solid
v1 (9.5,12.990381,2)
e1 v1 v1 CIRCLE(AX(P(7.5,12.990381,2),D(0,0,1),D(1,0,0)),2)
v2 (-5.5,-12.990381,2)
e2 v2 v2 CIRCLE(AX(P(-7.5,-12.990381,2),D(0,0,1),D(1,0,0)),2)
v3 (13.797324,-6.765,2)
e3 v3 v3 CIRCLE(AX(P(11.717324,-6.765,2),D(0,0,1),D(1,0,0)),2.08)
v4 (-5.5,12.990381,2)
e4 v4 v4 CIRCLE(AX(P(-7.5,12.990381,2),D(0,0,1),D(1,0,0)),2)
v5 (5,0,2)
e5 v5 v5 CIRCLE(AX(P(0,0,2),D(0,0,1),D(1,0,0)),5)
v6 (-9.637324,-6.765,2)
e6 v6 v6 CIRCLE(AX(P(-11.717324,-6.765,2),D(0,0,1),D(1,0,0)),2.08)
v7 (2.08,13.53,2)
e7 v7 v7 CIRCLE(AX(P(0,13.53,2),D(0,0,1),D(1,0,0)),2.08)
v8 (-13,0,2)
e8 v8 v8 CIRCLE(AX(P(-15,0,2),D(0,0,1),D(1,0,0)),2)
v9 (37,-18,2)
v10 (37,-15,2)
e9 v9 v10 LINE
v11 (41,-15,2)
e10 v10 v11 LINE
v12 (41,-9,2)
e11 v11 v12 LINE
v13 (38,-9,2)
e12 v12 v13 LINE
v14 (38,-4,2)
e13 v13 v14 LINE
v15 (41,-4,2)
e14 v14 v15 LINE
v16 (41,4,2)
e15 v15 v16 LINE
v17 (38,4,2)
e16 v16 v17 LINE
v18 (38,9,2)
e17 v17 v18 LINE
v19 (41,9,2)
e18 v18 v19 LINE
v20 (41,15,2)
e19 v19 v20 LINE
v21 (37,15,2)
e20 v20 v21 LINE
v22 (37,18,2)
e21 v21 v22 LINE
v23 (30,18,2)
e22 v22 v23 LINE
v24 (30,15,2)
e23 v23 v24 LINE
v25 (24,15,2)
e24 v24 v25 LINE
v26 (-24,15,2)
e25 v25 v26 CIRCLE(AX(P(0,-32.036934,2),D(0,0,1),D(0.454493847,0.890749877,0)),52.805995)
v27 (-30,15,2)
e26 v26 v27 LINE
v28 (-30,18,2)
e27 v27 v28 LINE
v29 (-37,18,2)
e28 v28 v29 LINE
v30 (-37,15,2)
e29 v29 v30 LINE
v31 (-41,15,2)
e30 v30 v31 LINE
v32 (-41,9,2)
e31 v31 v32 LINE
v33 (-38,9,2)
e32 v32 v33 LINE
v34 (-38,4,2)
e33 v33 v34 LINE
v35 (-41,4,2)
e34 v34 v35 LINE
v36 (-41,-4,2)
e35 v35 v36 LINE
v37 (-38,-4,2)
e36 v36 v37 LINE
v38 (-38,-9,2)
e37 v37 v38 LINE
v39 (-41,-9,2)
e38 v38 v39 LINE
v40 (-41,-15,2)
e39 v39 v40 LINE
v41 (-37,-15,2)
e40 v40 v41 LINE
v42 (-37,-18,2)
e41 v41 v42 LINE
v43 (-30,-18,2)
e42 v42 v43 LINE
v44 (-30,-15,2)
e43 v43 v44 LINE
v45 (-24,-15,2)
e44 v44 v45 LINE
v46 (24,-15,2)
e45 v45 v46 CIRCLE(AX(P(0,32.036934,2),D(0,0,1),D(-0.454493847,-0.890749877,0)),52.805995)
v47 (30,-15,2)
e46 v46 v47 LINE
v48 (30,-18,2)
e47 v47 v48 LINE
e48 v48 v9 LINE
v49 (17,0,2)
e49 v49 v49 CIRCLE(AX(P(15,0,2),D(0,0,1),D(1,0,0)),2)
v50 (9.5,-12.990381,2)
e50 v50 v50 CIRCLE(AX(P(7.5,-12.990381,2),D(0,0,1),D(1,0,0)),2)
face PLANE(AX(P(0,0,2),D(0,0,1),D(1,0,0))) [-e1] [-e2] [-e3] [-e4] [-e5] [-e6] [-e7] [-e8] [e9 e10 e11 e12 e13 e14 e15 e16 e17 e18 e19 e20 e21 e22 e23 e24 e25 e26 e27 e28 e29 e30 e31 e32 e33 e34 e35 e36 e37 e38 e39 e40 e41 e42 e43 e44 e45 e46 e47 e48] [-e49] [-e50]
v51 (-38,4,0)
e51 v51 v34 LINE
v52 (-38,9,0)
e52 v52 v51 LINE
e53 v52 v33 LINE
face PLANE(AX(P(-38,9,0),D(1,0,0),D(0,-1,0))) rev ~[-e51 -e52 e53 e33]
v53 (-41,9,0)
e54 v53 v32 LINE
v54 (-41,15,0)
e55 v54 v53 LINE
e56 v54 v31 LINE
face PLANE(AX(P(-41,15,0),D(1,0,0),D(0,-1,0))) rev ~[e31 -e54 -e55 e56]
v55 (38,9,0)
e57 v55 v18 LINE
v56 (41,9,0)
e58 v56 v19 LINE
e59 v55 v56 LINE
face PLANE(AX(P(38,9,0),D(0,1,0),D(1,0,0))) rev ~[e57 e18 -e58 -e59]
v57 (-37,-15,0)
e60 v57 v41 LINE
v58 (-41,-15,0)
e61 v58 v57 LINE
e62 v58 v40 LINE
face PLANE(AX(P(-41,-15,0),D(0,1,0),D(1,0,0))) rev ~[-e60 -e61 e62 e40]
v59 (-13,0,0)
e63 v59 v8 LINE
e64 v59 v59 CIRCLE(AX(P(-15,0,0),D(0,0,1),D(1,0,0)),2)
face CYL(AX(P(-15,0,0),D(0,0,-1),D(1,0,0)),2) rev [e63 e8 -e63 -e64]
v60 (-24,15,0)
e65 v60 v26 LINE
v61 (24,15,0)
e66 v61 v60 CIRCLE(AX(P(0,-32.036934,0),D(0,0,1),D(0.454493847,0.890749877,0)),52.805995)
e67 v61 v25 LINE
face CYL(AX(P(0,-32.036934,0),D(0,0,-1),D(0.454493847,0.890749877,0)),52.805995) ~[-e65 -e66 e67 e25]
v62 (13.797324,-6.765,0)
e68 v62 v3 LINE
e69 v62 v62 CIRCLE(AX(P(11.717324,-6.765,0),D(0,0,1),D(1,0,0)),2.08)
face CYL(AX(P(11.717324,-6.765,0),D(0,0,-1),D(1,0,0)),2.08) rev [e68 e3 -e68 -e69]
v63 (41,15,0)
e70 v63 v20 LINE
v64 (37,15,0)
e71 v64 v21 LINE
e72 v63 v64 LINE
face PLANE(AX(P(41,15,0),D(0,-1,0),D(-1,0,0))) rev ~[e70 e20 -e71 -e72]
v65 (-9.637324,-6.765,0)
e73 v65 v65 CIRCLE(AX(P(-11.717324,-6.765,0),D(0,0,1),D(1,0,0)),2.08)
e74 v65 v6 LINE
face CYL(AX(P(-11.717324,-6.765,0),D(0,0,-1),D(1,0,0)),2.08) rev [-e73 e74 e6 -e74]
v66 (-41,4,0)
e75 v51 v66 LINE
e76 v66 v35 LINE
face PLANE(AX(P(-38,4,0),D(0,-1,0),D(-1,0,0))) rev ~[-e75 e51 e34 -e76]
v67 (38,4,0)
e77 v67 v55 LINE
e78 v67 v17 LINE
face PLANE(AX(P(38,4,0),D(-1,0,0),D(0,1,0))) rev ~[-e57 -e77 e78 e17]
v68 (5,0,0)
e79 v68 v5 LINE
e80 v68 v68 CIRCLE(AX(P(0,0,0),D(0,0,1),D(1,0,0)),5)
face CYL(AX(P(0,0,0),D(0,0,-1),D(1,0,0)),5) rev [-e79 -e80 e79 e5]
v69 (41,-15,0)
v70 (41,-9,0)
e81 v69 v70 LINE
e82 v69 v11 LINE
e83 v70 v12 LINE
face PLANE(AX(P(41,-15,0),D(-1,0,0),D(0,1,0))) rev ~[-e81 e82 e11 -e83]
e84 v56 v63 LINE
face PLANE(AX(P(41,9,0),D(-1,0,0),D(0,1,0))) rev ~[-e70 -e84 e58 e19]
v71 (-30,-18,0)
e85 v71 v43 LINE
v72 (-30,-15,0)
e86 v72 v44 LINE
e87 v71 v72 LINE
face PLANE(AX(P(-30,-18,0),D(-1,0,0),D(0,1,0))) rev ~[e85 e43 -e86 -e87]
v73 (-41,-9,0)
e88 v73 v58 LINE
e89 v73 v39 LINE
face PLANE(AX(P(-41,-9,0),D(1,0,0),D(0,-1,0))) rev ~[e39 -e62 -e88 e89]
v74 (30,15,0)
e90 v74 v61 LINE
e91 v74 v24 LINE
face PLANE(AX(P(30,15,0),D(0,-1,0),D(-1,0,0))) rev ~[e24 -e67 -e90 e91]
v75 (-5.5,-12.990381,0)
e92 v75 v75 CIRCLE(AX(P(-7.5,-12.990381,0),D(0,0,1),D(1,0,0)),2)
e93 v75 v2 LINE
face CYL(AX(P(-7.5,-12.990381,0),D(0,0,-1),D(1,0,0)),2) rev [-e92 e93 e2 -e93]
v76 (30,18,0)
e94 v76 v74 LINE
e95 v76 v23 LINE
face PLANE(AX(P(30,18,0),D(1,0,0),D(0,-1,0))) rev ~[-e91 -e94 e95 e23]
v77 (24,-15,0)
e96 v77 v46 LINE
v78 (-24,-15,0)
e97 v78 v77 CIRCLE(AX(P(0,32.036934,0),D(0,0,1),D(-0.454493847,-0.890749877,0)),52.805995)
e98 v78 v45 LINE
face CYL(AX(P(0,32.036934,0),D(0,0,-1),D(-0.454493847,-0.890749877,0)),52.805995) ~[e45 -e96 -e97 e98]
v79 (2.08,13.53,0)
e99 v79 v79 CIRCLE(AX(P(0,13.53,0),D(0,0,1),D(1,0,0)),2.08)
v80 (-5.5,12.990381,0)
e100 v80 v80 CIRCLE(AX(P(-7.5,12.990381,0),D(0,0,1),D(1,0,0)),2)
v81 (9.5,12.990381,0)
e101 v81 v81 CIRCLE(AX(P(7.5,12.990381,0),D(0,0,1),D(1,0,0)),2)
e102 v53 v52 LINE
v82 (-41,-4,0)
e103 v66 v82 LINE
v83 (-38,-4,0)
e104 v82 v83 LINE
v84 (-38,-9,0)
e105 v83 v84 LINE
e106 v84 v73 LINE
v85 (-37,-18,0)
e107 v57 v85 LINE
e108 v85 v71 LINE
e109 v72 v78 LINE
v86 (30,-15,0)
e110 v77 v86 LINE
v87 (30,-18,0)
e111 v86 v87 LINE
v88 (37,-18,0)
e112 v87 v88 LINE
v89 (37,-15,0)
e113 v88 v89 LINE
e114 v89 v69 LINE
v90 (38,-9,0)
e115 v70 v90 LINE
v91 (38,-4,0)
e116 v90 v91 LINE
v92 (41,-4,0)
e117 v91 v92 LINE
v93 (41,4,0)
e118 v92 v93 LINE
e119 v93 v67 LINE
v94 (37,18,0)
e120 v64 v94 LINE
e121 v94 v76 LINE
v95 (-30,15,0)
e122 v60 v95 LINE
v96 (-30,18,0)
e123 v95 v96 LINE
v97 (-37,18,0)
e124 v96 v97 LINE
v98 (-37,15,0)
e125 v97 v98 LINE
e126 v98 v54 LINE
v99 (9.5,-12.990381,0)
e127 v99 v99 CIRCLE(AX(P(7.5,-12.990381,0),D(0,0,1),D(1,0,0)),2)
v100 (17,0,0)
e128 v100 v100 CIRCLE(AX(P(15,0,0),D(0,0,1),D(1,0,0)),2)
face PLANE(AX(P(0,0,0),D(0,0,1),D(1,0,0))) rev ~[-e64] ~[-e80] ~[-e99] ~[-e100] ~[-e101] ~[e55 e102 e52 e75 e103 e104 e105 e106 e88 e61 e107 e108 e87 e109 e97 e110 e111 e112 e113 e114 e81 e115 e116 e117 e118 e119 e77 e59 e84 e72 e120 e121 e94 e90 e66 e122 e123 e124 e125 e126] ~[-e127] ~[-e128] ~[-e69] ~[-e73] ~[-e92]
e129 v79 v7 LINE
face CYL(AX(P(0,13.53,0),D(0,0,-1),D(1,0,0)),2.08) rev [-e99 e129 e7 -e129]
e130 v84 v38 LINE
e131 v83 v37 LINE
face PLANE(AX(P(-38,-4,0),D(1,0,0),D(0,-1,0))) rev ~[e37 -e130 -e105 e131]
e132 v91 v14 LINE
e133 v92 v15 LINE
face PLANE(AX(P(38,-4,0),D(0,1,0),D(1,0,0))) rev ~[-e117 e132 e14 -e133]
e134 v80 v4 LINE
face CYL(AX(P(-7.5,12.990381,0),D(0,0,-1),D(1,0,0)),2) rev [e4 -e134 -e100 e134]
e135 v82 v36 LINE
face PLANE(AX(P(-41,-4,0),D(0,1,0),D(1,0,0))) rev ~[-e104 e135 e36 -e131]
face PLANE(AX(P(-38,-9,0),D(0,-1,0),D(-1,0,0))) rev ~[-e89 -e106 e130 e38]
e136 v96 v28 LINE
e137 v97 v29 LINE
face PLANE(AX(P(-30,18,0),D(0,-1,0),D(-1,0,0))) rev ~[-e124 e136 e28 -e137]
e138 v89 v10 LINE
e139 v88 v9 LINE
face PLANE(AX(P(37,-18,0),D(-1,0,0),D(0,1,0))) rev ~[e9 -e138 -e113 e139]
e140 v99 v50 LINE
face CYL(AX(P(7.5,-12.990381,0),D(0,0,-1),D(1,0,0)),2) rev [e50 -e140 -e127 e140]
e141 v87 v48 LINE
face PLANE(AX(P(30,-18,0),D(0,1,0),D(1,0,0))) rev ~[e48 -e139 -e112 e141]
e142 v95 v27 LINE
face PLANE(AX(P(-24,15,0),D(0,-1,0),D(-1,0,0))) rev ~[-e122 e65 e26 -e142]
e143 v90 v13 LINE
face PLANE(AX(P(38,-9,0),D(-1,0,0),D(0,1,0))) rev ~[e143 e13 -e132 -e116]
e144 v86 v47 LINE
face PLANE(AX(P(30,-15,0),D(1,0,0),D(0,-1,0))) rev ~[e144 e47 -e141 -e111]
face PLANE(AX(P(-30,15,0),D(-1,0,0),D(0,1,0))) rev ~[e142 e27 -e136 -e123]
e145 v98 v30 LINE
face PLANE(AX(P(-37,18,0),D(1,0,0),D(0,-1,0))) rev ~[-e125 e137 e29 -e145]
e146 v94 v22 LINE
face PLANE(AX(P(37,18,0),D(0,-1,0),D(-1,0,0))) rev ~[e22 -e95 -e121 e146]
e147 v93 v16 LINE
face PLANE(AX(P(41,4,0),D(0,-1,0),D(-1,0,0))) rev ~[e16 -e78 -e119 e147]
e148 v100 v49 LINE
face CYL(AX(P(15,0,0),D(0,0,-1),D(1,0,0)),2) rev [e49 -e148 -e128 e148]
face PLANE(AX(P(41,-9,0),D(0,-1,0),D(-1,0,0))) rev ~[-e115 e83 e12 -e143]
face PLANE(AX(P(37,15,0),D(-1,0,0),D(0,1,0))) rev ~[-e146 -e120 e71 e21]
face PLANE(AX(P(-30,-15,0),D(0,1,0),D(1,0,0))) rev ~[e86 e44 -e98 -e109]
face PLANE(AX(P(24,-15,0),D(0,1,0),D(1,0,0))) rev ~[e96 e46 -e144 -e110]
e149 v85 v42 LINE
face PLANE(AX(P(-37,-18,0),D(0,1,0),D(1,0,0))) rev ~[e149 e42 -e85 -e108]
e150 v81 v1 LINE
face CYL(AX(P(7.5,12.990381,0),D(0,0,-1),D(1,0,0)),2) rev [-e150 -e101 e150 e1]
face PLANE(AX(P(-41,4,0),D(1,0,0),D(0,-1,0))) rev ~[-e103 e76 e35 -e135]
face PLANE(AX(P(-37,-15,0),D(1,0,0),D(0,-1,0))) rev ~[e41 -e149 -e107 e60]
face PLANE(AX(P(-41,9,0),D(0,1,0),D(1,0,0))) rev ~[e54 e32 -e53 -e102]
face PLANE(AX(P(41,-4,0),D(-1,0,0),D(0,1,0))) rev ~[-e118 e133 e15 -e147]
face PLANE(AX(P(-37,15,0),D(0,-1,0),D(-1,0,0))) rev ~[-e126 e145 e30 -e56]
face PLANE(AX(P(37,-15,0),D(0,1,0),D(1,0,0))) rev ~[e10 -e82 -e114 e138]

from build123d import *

# Parameters (mm, degrees)
SKETCH_1_R      = 2
SKETCH_1_R_2    = 2.08
SKETCH_1_R_3    = 5
EXTRUDE_2_DEPTH = 2


with BuildPart() as part:
    # 草图1 → 凸台-拉伸2 (new body)
    with BuildSketch(Plane.XY):
        with BuildLine():
            ThreePointArc((-24, -15), (0, -20.769061509), (24, -15))
            Line((24, -15), (30, -15))
            Line((30, -15), (30, -18))
            Line((30, -18), (37, -18))
            Line((37, -18), (37, -15))
            Line((37, -15), (41, -15))
            Line((41, -15), (41, -9))
            Line((41, -9), (38, -9))
            Line((38, -9), (38, -4))
            Line((38, -4), (41, -4))
            Line((41, -4), (41, 4))
            Line((41, 4), (38, 4))
            Line((38, 4), (38, 9))
            Line((38, 9), (41, 9))
            Line((41, 9), (41, 15))
            Line((41, 15), (37, 15))
            Line((37, 15), (37, 18))
            Line((37, 18), (30, 18))
            Line((30, 18), (30, 15))
            Line((30, 15), (24, 15))
            ThreePointArc((24, 15), (0, 20.769061509), (-24, 15))
            Line((-24, 15), (-30, 15))
            Line((-30, 15), (-30, 18))
            Line((-30, 18), (-37, 18))
            Line((-37, 18), (-37, 15))
            Line((-37, 15), (-41, 15))
            Line((-41, 15), (-41, 9))
            Line((-41, 9), (-38, 9))
            Line((-38, 9), (-38, 4))
            Line((-38, 4), (-41, 4))
            Line((-41, 4), (-41, -4))
            Line((-41, -4), (-38, -4))
            Line((-38, -4), (-38, -9))
            Line((-38, -9), (-41, -9))
            Line((-41, -9), (-41, -15))
            Line((-41, -15), (-37, -15))
            Line((-37, -15), (-37, -18))
            Line((-37, -18), (-30, -18))
            Line((-30, -18), (-30, -15))
            Line((-30, -15), (-24, -15))
        make_face()
        with Locations((7.5, 12.990381057)):
            Circle(SKETCH_1_R, mode=Mode.SUBTRACT)
        with Locations((0, 13.53)):
            Circle(SKETCH_1_R_2, mode=Mode.SUBTRACT)
        with Locations((-7.5, 12.990381057)):
            Circle(SKETCH_1_R, mode=Mode.SUBTRACT)
        with Locations((-15, 0)):
            Circle(SKETCH_1_R, mode=Mode.SUBTRACT)
        with Locations((-11.717323713, -6.765)):
            Circle(SKETCH_1_R_2, mode=Mode.SUBTRACT)
        with Locations((-7.5, -12.990381057)):
            Circle(SKETCH_1_R, mode=Mode.SUBTRACT)
        with Locations((7.5, -12.990381057)):
            Circle(SKETCH_1_R, mode=Mode.SUBTRACT)
        with Locations((11.717323713, -6.765)):
            Circle(SKETCH_1_R_2, mode=Mode.SUBTRACT)
        with Locations((15, 0)):
            Circle(SKETCH_1_R, mode=Mode.SUBTRACT)
        Circle(SKETCH_1_R_3, mode=Mode.SUBTRACT)
    extrude(amount=EXTRUDE_2_DEPTH)


solid = part.part
